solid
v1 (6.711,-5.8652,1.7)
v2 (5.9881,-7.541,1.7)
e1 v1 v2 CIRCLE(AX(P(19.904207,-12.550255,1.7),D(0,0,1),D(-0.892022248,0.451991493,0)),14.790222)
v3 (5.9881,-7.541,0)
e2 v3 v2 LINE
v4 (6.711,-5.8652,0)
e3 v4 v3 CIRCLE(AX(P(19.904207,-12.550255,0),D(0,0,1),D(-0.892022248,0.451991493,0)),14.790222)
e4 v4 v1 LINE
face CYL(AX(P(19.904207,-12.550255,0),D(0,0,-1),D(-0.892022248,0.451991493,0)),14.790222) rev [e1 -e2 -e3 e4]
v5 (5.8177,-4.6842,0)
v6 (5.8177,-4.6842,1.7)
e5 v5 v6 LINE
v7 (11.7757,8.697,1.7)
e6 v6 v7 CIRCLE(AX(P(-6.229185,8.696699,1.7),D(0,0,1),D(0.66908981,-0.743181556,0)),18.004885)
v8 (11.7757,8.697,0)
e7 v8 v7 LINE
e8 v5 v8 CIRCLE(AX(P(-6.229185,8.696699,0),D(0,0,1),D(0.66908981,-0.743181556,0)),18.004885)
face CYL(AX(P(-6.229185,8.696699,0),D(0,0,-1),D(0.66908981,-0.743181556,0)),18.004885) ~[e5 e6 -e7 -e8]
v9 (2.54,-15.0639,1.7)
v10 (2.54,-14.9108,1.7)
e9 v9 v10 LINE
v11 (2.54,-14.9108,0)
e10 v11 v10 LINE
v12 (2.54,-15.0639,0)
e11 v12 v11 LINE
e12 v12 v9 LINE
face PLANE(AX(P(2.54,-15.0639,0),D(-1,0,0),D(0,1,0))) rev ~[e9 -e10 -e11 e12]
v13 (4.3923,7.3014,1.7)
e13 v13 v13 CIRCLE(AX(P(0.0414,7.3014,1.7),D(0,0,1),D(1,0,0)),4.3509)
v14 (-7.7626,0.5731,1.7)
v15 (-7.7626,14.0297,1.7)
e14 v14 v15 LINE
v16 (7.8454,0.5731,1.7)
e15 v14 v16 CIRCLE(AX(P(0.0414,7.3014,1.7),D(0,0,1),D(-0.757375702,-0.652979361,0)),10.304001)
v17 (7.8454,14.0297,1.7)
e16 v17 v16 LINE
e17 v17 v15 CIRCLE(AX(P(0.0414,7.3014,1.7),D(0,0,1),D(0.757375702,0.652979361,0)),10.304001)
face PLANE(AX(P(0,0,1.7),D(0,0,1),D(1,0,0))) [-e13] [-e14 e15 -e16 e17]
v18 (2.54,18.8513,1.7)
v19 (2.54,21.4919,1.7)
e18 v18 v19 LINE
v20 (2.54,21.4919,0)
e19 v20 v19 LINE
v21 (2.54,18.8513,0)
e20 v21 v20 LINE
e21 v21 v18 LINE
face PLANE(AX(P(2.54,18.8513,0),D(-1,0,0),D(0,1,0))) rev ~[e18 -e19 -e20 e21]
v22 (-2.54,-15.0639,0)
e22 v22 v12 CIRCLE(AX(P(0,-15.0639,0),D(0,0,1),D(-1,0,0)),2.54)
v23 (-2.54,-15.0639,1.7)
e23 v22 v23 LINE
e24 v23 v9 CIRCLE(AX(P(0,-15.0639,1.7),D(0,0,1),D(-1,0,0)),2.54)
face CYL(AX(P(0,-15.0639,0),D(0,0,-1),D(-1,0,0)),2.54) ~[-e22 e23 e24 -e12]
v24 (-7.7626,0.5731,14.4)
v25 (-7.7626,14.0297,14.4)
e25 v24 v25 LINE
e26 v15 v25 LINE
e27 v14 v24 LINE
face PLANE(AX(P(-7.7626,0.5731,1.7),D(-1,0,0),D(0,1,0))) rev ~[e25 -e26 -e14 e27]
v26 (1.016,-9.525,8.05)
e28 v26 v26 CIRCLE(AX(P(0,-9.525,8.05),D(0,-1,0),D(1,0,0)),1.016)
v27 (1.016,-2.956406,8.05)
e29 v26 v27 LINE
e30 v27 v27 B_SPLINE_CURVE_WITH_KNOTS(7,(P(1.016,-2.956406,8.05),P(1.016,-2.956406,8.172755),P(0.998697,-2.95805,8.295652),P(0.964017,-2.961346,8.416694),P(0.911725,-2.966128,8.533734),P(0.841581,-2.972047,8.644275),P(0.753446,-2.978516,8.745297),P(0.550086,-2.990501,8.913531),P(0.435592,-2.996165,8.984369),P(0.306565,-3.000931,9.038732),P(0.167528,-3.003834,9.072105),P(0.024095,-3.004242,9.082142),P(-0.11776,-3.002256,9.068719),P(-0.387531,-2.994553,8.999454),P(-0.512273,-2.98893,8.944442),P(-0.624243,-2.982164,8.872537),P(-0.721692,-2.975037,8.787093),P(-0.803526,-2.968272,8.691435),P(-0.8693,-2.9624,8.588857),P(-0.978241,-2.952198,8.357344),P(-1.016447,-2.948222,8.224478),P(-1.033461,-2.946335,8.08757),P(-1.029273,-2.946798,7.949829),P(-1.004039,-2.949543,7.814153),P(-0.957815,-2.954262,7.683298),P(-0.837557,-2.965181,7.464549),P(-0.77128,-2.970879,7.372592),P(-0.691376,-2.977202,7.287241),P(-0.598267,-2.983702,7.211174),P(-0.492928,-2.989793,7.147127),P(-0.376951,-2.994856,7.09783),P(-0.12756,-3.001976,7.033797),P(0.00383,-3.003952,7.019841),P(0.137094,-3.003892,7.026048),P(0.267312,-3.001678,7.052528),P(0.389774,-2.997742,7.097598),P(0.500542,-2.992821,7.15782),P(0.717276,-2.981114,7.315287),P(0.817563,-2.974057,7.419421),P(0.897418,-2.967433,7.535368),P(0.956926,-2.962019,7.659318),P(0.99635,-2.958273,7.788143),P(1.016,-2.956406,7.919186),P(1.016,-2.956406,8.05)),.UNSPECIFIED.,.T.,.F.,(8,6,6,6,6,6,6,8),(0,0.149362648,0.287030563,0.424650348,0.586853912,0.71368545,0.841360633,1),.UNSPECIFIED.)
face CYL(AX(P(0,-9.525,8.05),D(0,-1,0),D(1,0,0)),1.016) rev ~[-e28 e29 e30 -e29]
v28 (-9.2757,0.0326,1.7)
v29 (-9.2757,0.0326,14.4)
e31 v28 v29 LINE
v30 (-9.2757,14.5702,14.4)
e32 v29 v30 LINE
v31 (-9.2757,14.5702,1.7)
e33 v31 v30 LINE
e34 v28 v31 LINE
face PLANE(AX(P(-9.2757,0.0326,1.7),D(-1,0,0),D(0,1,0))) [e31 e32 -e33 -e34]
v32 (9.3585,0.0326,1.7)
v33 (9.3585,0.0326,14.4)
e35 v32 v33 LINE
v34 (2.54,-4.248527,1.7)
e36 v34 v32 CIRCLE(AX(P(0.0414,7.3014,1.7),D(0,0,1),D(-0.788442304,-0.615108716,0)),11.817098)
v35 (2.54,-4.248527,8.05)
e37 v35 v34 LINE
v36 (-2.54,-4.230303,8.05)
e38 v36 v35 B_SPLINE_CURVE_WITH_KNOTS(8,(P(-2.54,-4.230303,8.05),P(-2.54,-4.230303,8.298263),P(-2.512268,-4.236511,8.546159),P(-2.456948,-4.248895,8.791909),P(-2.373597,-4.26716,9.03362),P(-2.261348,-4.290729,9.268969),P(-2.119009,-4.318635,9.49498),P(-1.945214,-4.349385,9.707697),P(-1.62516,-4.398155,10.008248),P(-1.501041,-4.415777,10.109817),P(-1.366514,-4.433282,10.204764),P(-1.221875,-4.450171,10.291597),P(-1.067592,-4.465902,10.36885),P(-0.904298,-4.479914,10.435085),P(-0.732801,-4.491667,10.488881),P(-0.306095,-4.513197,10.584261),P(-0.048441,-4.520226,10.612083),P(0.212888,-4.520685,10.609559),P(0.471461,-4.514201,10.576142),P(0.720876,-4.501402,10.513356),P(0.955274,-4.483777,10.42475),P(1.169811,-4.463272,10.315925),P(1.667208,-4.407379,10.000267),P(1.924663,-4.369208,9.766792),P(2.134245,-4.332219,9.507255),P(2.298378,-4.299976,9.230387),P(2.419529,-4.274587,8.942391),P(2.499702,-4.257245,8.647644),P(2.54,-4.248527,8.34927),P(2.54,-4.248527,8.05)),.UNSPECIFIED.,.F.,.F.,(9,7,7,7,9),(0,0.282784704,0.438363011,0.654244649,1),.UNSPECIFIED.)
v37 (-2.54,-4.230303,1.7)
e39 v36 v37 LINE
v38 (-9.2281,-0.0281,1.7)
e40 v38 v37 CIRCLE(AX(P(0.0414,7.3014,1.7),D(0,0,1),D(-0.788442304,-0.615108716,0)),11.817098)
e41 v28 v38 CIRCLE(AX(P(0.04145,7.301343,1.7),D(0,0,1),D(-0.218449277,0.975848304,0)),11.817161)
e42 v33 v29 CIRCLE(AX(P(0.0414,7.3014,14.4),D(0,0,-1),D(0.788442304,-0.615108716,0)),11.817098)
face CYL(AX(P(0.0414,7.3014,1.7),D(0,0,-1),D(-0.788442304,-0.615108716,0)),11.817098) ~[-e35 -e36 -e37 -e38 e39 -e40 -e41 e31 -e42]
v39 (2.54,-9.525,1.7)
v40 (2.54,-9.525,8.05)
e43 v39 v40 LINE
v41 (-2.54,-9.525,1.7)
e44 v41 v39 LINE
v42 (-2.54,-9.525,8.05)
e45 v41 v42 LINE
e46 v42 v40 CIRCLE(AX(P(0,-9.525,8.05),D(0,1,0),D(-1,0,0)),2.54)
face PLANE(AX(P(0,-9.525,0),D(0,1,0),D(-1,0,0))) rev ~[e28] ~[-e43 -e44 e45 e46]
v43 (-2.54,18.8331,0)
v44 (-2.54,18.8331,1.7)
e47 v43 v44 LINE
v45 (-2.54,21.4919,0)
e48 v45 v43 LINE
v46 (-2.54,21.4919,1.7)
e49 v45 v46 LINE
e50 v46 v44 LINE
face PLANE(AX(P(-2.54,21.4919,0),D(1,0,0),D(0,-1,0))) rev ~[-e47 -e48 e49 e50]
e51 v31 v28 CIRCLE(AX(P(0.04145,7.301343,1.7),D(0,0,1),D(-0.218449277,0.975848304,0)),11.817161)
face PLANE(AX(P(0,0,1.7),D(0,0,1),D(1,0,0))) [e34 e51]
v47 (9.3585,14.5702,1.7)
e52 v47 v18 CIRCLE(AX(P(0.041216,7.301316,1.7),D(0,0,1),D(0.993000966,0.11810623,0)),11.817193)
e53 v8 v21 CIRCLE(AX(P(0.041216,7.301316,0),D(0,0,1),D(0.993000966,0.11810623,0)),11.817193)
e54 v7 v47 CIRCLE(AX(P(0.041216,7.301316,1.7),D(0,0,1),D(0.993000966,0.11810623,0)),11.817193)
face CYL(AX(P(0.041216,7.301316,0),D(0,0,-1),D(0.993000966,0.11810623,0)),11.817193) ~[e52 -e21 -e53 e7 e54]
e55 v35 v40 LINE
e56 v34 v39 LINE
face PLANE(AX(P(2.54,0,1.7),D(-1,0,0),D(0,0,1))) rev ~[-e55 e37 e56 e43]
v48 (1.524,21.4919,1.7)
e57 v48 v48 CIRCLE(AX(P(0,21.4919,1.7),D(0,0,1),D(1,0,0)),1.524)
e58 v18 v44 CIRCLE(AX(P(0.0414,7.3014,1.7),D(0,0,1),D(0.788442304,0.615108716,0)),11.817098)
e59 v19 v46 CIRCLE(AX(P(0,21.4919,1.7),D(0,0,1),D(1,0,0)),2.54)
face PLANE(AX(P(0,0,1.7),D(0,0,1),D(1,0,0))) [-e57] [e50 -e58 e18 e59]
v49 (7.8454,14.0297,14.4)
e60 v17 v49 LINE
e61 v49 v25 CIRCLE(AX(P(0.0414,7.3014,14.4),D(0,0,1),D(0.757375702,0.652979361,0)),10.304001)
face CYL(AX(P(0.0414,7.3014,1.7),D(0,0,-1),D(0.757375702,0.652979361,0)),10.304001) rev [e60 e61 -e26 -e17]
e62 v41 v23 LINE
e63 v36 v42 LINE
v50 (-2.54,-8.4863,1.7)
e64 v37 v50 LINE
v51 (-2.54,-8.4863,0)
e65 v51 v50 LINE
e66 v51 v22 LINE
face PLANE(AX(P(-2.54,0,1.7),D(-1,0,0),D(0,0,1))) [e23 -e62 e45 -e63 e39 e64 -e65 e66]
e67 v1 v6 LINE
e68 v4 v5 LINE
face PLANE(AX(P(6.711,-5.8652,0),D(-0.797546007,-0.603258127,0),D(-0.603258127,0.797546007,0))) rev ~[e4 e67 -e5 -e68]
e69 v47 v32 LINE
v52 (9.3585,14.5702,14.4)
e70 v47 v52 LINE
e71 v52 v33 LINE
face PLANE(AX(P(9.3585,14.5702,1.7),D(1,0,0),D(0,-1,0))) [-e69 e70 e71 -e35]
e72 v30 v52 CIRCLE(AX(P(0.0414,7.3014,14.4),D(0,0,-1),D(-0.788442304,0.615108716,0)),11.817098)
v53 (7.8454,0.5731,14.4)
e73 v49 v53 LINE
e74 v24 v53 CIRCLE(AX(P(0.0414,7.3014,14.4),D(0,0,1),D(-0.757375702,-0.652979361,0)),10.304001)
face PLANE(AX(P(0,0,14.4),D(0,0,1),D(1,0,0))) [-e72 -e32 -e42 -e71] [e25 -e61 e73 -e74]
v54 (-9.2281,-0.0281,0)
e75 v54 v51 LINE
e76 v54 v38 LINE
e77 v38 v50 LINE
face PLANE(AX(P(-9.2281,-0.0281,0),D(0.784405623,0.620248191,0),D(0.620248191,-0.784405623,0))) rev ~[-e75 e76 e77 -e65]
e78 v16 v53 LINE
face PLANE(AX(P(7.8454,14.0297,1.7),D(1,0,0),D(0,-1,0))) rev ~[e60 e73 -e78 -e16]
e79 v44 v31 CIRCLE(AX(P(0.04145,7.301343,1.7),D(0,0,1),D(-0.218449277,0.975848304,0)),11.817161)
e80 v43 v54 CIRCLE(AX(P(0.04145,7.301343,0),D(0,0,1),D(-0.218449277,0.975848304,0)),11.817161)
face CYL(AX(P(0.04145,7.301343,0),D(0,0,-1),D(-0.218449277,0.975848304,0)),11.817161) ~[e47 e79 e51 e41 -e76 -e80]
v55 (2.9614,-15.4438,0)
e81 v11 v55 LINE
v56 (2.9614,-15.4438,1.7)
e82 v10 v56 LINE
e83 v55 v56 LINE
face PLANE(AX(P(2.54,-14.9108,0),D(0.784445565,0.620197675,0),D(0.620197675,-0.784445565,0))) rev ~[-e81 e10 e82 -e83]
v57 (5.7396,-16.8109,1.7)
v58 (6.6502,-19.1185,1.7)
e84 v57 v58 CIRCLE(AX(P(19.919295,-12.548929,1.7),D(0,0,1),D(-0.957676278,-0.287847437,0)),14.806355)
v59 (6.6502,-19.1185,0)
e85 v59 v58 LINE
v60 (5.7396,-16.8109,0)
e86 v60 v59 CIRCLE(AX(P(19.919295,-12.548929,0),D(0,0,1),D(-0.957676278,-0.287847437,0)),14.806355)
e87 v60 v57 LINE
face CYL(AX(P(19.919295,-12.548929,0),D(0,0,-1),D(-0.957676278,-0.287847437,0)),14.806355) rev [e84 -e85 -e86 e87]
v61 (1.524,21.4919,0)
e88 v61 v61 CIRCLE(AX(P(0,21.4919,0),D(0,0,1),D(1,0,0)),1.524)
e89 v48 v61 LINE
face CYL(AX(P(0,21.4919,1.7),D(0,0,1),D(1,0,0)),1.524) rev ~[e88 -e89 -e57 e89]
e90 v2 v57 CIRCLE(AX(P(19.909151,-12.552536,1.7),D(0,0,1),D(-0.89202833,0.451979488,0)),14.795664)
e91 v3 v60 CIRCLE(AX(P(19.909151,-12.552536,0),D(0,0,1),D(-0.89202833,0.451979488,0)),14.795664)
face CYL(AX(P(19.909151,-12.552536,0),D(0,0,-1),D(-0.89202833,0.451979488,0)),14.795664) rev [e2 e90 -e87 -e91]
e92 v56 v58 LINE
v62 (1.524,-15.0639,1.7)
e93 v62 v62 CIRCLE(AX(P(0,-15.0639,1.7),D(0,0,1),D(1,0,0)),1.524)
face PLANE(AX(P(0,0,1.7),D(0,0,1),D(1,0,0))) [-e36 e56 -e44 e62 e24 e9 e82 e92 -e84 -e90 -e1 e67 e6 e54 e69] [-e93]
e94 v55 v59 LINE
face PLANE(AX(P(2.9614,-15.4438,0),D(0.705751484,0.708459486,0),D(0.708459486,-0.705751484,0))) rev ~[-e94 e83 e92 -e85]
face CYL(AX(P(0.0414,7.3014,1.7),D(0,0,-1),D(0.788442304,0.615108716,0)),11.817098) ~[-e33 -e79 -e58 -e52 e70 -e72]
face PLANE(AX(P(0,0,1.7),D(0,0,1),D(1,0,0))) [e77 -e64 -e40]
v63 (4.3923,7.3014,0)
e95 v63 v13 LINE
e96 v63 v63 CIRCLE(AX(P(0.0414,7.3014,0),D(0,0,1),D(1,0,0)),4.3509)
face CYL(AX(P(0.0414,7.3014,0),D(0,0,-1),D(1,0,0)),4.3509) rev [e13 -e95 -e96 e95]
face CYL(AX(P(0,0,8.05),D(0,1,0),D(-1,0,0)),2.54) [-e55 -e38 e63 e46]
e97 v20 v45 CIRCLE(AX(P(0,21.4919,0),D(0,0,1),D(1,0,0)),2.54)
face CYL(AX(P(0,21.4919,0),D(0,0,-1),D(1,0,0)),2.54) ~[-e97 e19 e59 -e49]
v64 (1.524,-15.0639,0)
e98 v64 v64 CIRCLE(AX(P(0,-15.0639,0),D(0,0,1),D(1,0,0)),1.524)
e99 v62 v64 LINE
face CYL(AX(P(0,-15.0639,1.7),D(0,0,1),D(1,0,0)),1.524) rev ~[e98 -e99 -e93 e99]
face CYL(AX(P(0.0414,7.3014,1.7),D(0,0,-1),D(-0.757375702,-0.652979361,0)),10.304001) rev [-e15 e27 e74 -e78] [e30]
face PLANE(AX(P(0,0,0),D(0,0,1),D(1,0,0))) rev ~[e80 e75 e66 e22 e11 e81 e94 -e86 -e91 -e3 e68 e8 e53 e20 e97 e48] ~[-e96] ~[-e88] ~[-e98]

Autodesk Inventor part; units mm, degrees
ref_plane "YZ Plane" through (0, 0, 0) normal (1, 0, 0) x (0, 1, 0)
ref_plane "XZ Plane" through (0, 0, 0) normal (0, 1, 0) x (-1, 0, 0)
sketch "Sketch1" plane through (0, 0, 0) normal (0, 0, 1) x (1, 0, 0)
  line L0 (5.7396, -16.8109) -> (-2.4232, -6.7282) projected
  line L1 (-2.4232, -6.7282) -> (-8.3008, 0.7051) projected
  arc A0 (10.2494, 10.2845) -> (-8.3008, 0.7051) centre (0.0414, 7.3014) ccw projected
  arc A1 (2.7914, -3.3149) -> (10.2494, 10.2845) centre (0.2126, 6.944) ccw projected
  line L2 (2.7914, -3.3149) -> (5.9881, -7.541) projected
  arc A2 (6.711, -5.8652) -> (5.9881, -7.541) centre (19.909, -12.5525) ccw projected
  line L3 (6.711, -5.8652) -> (5.8177, -4.6842) projected
  arc A3 (5.8177, -4.6842) -> (11.7757, 8.697) centre (-6.2296, 8.697) ccw projected
  arc A4 (11.7757, 8.697) -> (2.54, 18.8513) centre (0.0414, 7.3014) ccw projected
  line L4 (-9.2281, -0.0281) -> (-2.54, -8.4863) projected
  line L5 (2.9614, -15.4438) -> (6.6502, -19.1185) projected
  arc A5 (5.7396, -16.8109) -> (6.6502, -19.1185) centre (19.909, -12.5525) ccw projected
  arc A6 (6.711, -5.8652) -> (6.6502, -19.1185) centre (19.909, -12.5525) ccw
  circle A7 centre (0.0414, 7.3014) radius 4.3509
  circle A8 centre (0, 21.4919) radius 1.27 projected
  line L6 (2.54, 18.8513) -> (2.54, 21.4919) projected
  arc A9 (2.54, 21.4919) -> (-2.54, 21.4919) centre (0, 21.4919) ccw projected
  line L7 (-2.54, 21.4919) -> (-2.54, 18.8331) projected
  arc A10 (-2.54, 18.8331) -> (-9.2281, -0.0281) centre (0.0414, 7.3014) ccw projected
  circle A11 centre (0, -15.0639) radius 1.27 projected
  line L8 (-2.54, -8.4863) -> (-2.54, -15.0639) projected
  arc A12 (-2.54, -15.0639) -> (2.54, -15.0639) centre (0, -15.0639) ccw projected
  line L9 (2.54, -15.0639) -> (2.54, -14.9108) projected
  line L10 (2.54, -14.9108) -> (2.9614, -15.4438) projected
  point P0 (0, 0)
extrude "Extrusion1" add sketch "Sketch1" along normal blind 1.7 contours A5 L5 L10 L9 A12 L8 L4 A10 L7 A9 L6 A4 A3 L3 A2 L2 A1 A0 L1 L0 | L0 L1 A0 A1 L2 A6 | A8 | A11
sketch "Sketch2" plane through (0, 0, 1.7) normal (0, 0, 1) x (1, 0, 0)
  circle A0 centre (0, 21.4919) radius 1.524
  circle A1 centre (0, -15.0639) radius 1.524
  line L0 (2.54, 17.6957) -> (-2.54, 17.6957)
  line L1 (-2.54, 17.6957) -> (-2.54, 21.4919)
  line L2 (2.54, 17.6957) -> (2.54, 21.4919)
  arc A2 (2.54, 21.4919) -> (-2.54, 21.4919) centre (0, 21.4919) ccw
  arc A3 (-2.54, -15.0639) -> (2.54, -15.0639) centre (0, -15.0639) ccw
  line L3 (-2.54, -15.0639) -> (-2.54, -7.1979)
  line L4 (-2.54, -7.1979) -> (2.54, -12.2319)
  line L5 (2.54, -12.2319) -> (2.54, -15.0639)
  point P0 (0, 0)
  dimension "d2" = 3.048
  dimension "d3" = 3.048
  dimension "d4" = 2.54
  dimension "d5" = 2.54
ref_plane "Work Plane1" through (-11.7757, -19.1185, 0) normal (0, 0, 1) x (1, 0, 0)
sketch "Sketch3" plane through (0, 0, 1.7) normal (0, 0, 1) x (1, 0, 0)
  line L0 (-7.5086, 0.6681) -> (-7.5086, 13.9346) projected
  arc A0 (7.5914, 13.9346) -> (-7.5086, 13.9346) centre (0.0414, 7.3014) ccw projected
  arc A1 (-7.5086, 0.6681) -> (7.5914, 0.6681) centre (0.0414, 7.3014) ccw projected
  line L1 (7.5914, 13.9346) -> (7.5914, 0.6681) projected
  arc A2 (-7.7626, 0.5731) -> (7.8454, 0.5731) centre (0.0414, 7.3014) ccw
  line L2 (-7.7626, 0.5731) -> (-7.7626, 14.0297)
  arc A3 (7.8454, 14.0297) -> (-7.7626, 14.0297) centre (0.0414, 7.3014) ccw
  line L3 (7.8454, 14.0297) -> (7.8454, 0.5731)
  arc A4 (-9.2757, 0.0326) -> (9.3585, 0.0326) centre (0.0414, 7.3014) ccw
  line L4 (-9.2757, 0.0326) -> (-9.2757, 14.5702)
  arc A5 (9.3585, 14.5702) -> (-9.2757, 14.5702) centre (0.0414, 7.3014) ccw
  line L5 (9.3585, 14.5702) -> (9.3585, 0.0326)
  line L6 (-9.2281, -0.0281) -> (-2.54, -8.4863) projected
  line L7 (2.9614, -15.4438) -> (6.6502, -19.1185) projected
  arc A6 (6.711, -5.8652) -> (6.6502, -19.1185) centre (19.909, -12.5525) ccw projected
  line L8 (6.711, -5.8652) -> (5.8177, -4.6842) projected
  arc A7 (5.8177, -4.6842) -> (11.7757, 8.697) centre (-6.2296, 8.697) ccw projected
  arc A8 (11.7757, 8.697) -> (2.54, 18.8513) centre (0.0414, 7.3014) ccw projected
  circle A9 centre (0.0414, 7.3014) radius 4.3509 projected
  arc A10 (11.7757, 8.697) -> (2.54, 18.8513) centre (0.0414, 7.3014) ccw projected
  line L9 (2.54, 18.8513) -> (2.54, 21.4919) projected
  arc A11 (2.54, 21.4919) -> (-2.54, 21.4919) centre (0, 21.4919) ccw projected
  line L10 (-2.54, 21.4919) -> (-2.54, 18.8331) projected
  arc A12 (-2.54, 18.8331) -> (-9.2281, -0.0281) centre (0.0414, 7.3014) ccw projected
  line L11 (-2.54, -8.4863) -> (-2.54, -15.0639) projected
  arc A13 (-2.54, -15.0639) -> (2.54, -15.0639) centre (0, -15.0639) ccw projected
  line L12 (2.54, -15.0639) -> (2.54, -14.9108) projected
  line L13 (2.54, -14.9108) -> (2.9614, -15.4438) projected
  point P0 (0, 0)
  dimension "d8" = 0.254
extrude "Extrusion3" add sketch "Sketch3" along normal blind 12.7 contours L4 A5 L5 A4
extrude "Extrusion4" cut sketch "Sketch2" against normal blind 12.7 contours A0 | A1
sketch "Sketch4" plane through (0, 0, 0) normal (0, 1, 0) x (-1, 0, 0)
  line L0 (9.2757, 14.4) -> (-9.3585, 14.4) projected
  line L1 (9.2757, 1.7) -> (9.2757, 14.4) projected
  line L2 (-9.3585, 1.7) -> (-9.3585, 14.4) projected
  line L3 (2.54, 1.7) -> (-2.54, 1.7) projected
  line L4 (2.54, 1.7) -> (-2.54, 1.7) projected
  line L5 (2.54, 1.7) -> (2.54, 8.05)
  line L6 (-2.54, 1.7) -> (-2.54, 8.05)
  arc A0 (2.54, 8.05) -> (-2.54, 8.05) centre (0, 8.05) ccw
  point P0 (0, 0)
  point P1 (-9.3585, 8.05)
extrude "Extrusion5" add sketch "Sketch4" against normal blind 9.525
sketch "Sketch5" plane through (0, 0, 14.4) normal (0, 0, 1) x (1, 0, 0)
  line L0 (-7.7626, 0.5731) -> (-7.7626, 14.0297) projected
  arc A0 (7.8454, 14.0297) -> (-7.7626, 14.0297) centre (0.0414, 7.3014) ccw projected
  line L1 (7.8454, 14.0297) -> (7.8454, 0.5731) projected
  arc A1 (-7.7626, 0.5731) -> (7.8454, 0.5731) centre (0.0414, 7.3014) ccw projected
  line L2 (9.3585, 0.0326) -> (9.3585, 14.5702) projected
  arc A2 (9.3585, 14.5702) -> (-9.2757, 14.5702) centre (0.0414, 7.3014) ccw projected
  line L3 (-9.2757, 14.5702) -> (-9.2757, 0.0326) projected
  arc A3 (-9.2757, 0.0326) -> (9.3585, 0.0326) centre (0.0414, 7.3014) ccw projected
  point P0 (0, 0)
extrude "Extrusion6" cut sketch "Sketch5" against normal up to surface (12.7 mm away) contours L0 A0 L1 A1
sketch "Sketch6" plane through (0, -9.525, 0) normal (0, -1, 0) x (1, 0, 0)
  circle A0 centre (0, 8.05) radius 1.016
  arc A1 (2.54, 8.05) -> (-2.54, 8.05) centre (0, 8.05) ccw projected
  point P0 (0, 0)
  dimension "d17" = 2.032
extrude "Extrusion7" cut sketch "Sketch6" against normal blind 12.7
properties part number "Motor Holder"
